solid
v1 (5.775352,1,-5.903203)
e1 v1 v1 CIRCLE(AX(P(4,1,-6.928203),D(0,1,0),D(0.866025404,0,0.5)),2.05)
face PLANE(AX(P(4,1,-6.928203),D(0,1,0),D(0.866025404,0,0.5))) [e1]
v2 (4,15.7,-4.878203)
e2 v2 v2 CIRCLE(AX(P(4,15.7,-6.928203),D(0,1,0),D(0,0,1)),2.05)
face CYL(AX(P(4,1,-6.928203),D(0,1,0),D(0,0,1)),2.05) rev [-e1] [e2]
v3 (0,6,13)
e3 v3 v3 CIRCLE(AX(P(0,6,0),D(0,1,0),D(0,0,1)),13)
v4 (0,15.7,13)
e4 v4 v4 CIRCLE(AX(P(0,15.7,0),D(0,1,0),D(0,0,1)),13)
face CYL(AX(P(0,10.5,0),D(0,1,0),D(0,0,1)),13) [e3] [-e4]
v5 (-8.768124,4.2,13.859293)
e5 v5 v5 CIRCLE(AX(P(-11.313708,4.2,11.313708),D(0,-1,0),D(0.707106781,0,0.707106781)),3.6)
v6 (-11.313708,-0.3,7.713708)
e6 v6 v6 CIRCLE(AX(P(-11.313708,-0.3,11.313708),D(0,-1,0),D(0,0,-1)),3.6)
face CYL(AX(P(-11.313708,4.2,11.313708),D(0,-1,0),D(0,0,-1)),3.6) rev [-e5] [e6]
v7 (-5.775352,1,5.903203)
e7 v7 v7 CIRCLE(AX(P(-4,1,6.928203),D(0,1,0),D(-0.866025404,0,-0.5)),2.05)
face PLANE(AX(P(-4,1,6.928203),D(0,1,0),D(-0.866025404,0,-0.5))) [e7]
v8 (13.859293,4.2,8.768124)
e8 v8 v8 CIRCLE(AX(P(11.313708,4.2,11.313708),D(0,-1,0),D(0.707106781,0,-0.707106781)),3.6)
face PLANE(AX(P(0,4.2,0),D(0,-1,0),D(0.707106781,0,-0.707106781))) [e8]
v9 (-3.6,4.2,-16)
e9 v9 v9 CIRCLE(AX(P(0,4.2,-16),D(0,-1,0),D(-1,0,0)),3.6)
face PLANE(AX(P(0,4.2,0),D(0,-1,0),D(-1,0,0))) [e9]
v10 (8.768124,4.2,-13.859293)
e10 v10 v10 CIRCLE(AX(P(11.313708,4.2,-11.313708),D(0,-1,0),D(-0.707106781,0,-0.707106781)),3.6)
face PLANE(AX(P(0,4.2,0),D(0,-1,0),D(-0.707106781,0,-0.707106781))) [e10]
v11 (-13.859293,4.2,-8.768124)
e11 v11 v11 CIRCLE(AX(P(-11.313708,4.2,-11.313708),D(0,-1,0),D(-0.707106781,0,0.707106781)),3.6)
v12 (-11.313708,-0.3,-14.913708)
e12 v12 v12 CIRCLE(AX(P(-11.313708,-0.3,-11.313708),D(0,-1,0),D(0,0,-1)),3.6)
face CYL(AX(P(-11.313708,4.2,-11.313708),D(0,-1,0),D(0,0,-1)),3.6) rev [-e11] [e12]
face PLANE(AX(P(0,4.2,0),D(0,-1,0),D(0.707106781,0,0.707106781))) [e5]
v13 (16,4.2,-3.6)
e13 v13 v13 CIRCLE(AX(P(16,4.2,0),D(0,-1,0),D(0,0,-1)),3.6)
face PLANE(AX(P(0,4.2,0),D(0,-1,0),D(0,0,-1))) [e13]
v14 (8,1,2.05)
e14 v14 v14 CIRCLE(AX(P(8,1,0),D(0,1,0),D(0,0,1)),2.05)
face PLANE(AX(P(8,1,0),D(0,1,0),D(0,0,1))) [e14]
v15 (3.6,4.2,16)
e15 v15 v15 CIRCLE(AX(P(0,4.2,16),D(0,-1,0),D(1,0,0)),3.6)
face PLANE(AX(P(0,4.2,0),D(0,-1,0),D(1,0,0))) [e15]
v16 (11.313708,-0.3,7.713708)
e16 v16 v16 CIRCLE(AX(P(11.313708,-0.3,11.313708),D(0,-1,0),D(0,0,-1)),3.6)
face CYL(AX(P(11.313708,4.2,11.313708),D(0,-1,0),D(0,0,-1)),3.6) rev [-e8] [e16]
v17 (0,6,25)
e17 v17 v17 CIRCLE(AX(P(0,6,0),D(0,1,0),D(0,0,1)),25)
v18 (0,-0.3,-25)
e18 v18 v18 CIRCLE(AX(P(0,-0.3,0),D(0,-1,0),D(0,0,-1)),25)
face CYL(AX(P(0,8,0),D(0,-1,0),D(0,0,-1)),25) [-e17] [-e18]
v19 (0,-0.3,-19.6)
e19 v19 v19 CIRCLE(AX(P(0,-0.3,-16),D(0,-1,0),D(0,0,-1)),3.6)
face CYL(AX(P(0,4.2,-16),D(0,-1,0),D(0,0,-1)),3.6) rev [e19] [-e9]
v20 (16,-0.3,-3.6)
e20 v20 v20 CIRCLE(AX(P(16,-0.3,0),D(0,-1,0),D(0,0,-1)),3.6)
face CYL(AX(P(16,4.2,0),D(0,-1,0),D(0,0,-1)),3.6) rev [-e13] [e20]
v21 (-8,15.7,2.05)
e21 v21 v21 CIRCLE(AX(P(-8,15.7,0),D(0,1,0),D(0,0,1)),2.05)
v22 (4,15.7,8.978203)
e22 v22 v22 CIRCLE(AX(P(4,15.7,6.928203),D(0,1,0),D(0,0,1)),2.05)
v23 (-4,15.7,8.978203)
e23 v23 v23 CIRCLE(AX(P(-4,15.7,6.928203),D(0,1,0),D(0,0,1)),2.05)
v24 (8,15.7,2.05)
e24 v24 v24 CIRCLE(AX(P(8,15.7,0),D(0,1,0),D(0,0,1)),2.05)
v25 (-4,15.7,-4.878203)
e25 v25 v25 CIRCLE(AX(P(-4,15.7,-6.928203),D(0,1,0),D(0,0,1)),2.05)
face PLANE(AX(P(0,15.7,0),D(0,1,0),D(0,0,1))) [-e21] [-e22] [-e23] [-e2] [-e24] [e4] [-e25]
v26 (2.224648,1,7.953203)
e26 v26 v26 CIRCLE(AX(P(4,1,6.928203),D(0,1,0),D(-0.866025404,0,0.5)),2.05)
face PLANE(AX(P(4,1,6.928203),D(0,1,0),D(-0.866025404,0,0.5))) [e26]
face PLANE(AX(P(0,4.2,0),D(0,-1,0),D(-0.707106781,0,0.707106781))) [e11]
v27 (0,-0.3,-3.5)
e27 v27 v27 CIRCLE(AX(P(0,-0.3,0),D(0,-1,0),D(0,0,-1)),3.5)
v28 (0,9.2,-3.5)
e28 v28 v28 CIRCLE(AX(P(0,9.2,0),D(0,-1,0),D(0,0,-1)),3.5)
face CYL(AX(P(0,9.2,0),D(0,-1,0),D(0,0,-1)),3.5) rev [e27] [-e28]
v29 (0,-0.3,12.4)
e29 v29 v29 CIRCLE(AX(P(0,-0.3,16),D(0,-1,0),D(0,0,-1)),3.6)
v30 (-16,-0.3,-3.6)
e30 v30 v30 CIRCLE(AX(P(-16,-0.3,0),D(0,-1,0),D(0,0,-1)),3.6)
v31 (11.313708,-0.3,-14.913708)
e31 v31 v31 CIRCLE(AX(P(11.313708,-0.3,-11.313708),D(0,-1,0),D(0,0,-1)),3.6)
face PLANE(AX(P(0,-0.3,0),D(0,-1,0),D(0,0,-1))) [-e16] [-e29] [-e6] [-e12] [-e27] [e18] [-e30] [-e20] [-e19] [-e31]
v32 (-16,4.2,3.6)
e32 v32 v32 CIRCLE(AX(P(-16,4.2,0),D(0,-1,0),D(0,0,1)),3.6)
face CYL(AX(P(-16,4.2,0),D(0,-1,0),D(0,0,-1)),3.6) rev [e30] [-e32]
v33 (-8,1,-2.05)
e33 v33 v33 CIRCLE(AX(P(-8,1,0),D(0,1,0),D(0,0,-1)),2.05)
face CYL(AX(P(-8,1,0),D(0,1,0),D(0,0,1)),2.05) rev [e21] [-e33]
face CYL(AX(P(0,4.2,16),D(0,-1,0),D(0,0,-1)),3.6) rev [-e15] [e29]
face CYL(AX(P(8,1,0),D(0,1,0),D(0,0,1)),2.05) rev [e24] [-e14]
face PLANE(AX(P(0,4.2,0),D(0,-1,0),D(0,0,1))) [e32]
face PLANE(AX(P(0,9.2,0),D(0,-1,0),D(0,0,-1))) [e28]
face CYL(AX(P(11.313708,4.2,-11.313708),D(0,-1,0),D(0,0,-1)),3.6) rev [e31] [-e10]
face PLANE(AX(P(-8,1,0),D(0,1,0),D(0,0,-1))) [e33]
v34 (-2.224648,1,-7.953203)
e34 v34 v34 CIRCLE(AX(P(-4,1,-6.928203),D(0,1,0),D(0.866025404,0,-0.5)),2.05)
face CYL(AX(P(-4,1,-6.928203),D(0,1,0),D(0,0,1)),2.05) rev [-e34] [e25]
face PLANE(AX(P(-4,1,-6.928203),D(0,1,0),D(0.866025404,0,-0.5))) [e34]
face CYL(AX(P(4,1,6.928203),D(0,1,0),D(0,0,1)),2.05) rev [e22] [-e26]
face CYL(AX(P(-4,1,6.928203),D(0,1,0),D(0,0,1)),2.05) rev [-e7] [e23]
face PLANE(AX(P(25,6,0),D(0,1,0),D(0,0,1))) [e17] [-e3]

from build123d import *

# Parameters (mm, degrees)
SKETCH1_R           = 25
BOSS_EXTRUDE1_DEPTH = 8
SKETCH2_R           = 2.05
CUT_EXTRUDE3_DEPTH  = 7
CIRPATTERN2_COUNT   = 6
SKETCH3_W           = 12
SKETCH3_H           = 2
SKETCH4_R           = 25
CUT_EXTRUDE4_DEPTH  = 0.2
BOSS_EXTRUDE2_START = 2.2
SKETCH5_R           = 13
SKETCH5_R_2         = 2.05
BOSS_EXTRUDE2_DEPTH = 2.2
SKETCH6_R           = 3.5
CUT_EXTRUDE5_DEPTH  = 9
BOSS_EXTRUDE4_START = 3
SKETCH8_R           = 13
SKETCH8_R_2         = 2.05
BOSS_EXTRUDE4_DEPTH = 3
SKETCH9_R           = 3.6
CUT_EXTRUDE6_DEPTH  = 4
CIRPATTERN3_COUNT   = 8
BOSS_EXTRUDE6_START = 0.5
SKETCH11_R          = 25
SKETCH11_R_2        = 3.6
SKETCH11_R_3        = 3.5
BOSS_EXTRUDE6_DEPTH = 0.5
BOSS_EXTRUDE7_START = 2.5
SKETCH12_R          = 13
SKETCH12_R_2        = 2.05
BOSS_EXTRUDE7_DEPTH = 2.5


with BuildPart() as part:
    # Sketch1 → Boss-Extrude1 (new body)
    with BuildSketch(Plane(origin=(0, 0, 0), x_dir=(1, 0, 0), z_dir=(0, 1, 0))):
        with Locations(Location((0, 0, 0), (0, 0, 270))):
            Circle(SKETCH1_R)
    extrude(amount=BOSS_EXTRUDE1_DEPTH)

    # Sketch2 → Cut-Extrude3 (cut)
    with BuildSketch(Plane(origin=(0, 8, 0), x_dir=(1, 0, 0), z_dir=(0, 1, 0))):
        with Locations(Location((8, 0, 0), (0, 0, 270))):
            Circle(SKETCH2_R)
    cut_extrude3 = extrude(amount=-CUT_EXTRUDE3_DEPTH, mode=Mode.SUBTRACT)

    # CirPattern2: Cut-Extrude3 ×6 about axis
    cirpattern2_axis = Axis((0, 0, 0), (0, 1, 0))
    for i in range(1, CIRPATTERN2_COUNT):
        add(cut_extrude3.rotate(cirpattern2_axis, i * 360 / CIRPATTERN2_COUNT), mode=Mode.SUBTRACT)

    # Sketch3 → Cut-Revolve1 (revolve, cut)
    with BuildSketch(Plane.XY, mode=Mode.PRIVATE) as cut_revolve1_sk:
        with Locations((19, 7)):
            Rectangle(SKETCH3_W, SKETCH3_H)
    revolve(cut_revolve1_sk.sketch.rotate(Axis((0, 10.5, 0), (0, -1, 0)), 90), axis=Axis((0, 10.5, 0), (0, -1, 0)), mode=Mode.SUBTRACT)

    # Sketch4 → Cut-Extrude4 (cut)
    with BuildSketch(Plane.XZ):
        with Locations(Location((0, 0, 0), (0, 0, 270))):
            Circle(SKETCH4_R)
    extrude(amount=-CUT_EXTRUDE4_DEPTH, mode=Mode.SUBTRACT)

    # Sketch5 → Boss-Extrude2 (add)
    with BuildSketch(Plane(origin=(0, 8, 0), x_dir=(1, 0, 0), z_dir=(0, 1, 0)).offset(BOSS_EXTRUDE2_START)):
        with Locations(Location((0, 0, 0), (0, 0, 270))):
            Circle(SKETCH5_R)
        with Locations(Location((4, 6.92820323, 0), (0, 0, 270))):
            Circle(SKETCH5_R_2, mode=Mode.SUBTRACT)
        with Locations(Location((8, 0, 0), (0, 0, 270))):
            Circle(SKETCH5_R_2, mode=Mode.SUBTRACT)
        with Locations(Location((4, -6.92820323, 0), (0, 0, 270))):
            Circle(SKETCH5_R_2, mode=Mode.SUBTRACT)
        with Locations(Location((-4, -6.92820323, 0), (0, 0, 270))):
            Circle(SKETCH5_R_2, mode=Mode.SUBTRACT)
        with Locations(Location((-8, 0, 0), (0, 0, 270))):
            Circle(SKETCH5_R_2, mode=Mode.SUBTRACT)
        with Locations(Location((-4, 6.92820323, 0), (0, 0, 270))):
            Circle(SKETCH5_R_2, mode=Mode.SUBTRACT)
    extrude(amount=-BOSS_EXTRUDE2_DEPTH)

    # Sketch6 → Cut-Extrude5 (cut)
    with BuildSketch(Plane.XZ.offset(-0.2)):
        with Locations(Location((0, 0, 0), (0, 0, 270))):
            Circle(SKETCH6_R)
    extrude(amount=-CUT_EXTRUDE5_DEPTH, mode=Mode.SUBTRACT)

    # Sketch8 → Boss-Extrude4 (add)
    with BuildSketch(Plane(origin=(0, 10.2, 0), x_dir=(1, 0, 0), z_dir=(0, 1, 0)).offset(BOSS_EXTRUDE4_START)):
        with Locations(Location((0, 0, 0), (0, 0, 270))):
            Circle(SKETCH8_R)
        with Locations(Location((4, -6.92820323, 0), (0, 0, 270))):
            Circle(SKETCH8_R_2, mode=Mode.SUBTRACT)
        with Locations(Location((-4, -6.92820323, 0), (0, 0, 270))):
            Circle(SKETCH8_R_2, mode=Mode.SUBTRACT)
        with Locations(Location((-4, 6.92820323, 0), (0, 0, 270))):
            Circle(SKETCH8_R_2, mode=Mode.SUBTRACT)
        with Locations(Location((8, 0, 0), (0, 0, 270))):
            Circle(SKETCH8_R_2, mode=Mode.SUBTRACT)
        with Locations(Location((4, 6.92820323, 0), (0, 0, 270))):
            Circle(SKETCH8_R_2, mode=Mode.SUBTRACT)
        with Locations(Location((-8, 0, 0), (0, 0, 270))):
            Circle(SKETCH8_R_2, mode=Mode.SUBTRACT)
    extrude(amount=-BOSS_EXTRUDE4_DEPTH)

    # Sketch9 → Cut-Extrude6 (cut)
    with BuildSketch(Plane.XZ.offset(-0.2)):
        with Locations(Location((16, 0, 0), (0, 0, 270))):
            Circle(SKETCH9_R)
    cut_extrude6 = extrude(amount=-CUT_EXTRUDE6_DEPTH, mode=Mode.SUBTRACT)

    # CirPattern3: Cut-Extrude6 ×8 about axis
    cirpattern3_axis = Axis((0, 0, 0), (0, 1, 0))
    for i in range(1, CIRPATTERN3_COUNT):
        add(cut_extrude6.rotate(cirpattern3_axis, i * 360 / CIRPATTERN3_COUNT), mode=Mode.SUBTRACT)

    # Sketch11 → Boss-Extrude6 (add)
    with BuildSketch(Plane.XZ.offset(-0.2).offset(BOSS_EXTRUDE6_START)):
        with Locations(Location((0, 0, 0), (0, 0, 270))):
            Circle(SKETCH11_R)
        with Locations(Location((-16, 0, 0), (0, 0, 270))):
            Circle(SKETCH11_R_2, mode=Mode.SUBTRACT)
        with Locations(Location((-11.313708499, -11.313708499, 0), (0, 0, 270))):
            Circle(SKETCH11_R_2, mode=Mode.SUBTRACT)
        with Locations(Location((0, -16, 0), (0, 0, 270))):
            Circle(SKETCH11_R_2, mode=Mode.SUBTRACT)
        with Locations(Location((11.313708499, -11.313708499, 0), (0, 0, 270))):
            Circle(SKETCH11_R_2, mode=Mode.SUBTRACT)
        with Locations(Location((0, 0, 0), (0, 0, 270))):
            Circle(SKETCH11_R_3, mode=Mode.SUBTRACT)
        with Locations(Location((16, 0, 0), (0, 0, 270))):
            Circle(SKETCH11_R_2, mode=Mode.SUBTRACT)
        with Locations(Location((11.313708499, 11.313708499, 0), (0, 0, 270))):
            Circle(SKETCH11_R_2, mode=Mode.SUBTRACT)
        with Locations(Location((0, 16, 0), (0, 0, 270))):
            Circle(SKETCH11_R_2, mode=Mode.SUBTRACT)
        with Locations(Location((-11.313708499, 11.313708499, 0), (0, 0, 270))):
            Circle(SKETCH11_R_2, mode=Mode.SUBTRACT)
    extrude(amount=-BOSS_EXTRUDE6_DEPTH)

    # Sketch12 → Boss-Extrude7 (add)
    with BuildSketch(Plane(origin=(0, 13.2, 0), x_dir=(1, 0, 0), z_dir=(0, 1, 0)).offset(BOSS_EXTRUDE7_START)):
        with Locations(Location((0, 0, 0), (0, 0, 270))):
            Circle(SKETCH12_R)
        with Locations(Location((4, 6.92820323, 0), (0, 0, 270))):
            Circle(SKETCH12_R_2, mode=Mode.SUBTRACT)
        with Locations(Location((8, 0, 0), (0, 0, 270))):
            Circle(SKETCH12_R_2, mode=Mode.SUBTRACT)
        with Locations(Location((4, -6.92820323, 0), (0, 0, 270))):
            Circle(SKETCH12_R_2, mode=Mode.SUBTRACT)
        with Locations(Location((-4, -6.92820323, 0), (0, 0, 270))):
            Circle(SKETCH12_R_2, mode=Mode.SUBTRACT)
        with Locations(Location((-8, 0, 0), (0, 0, 270))):
            Circle(SKETCH12_R_2, mode=Mode.SUBTRACT)
        with Locations(Location((-4, 6.92820323, 0), (0, 0, 270))):
            Circle(SKETCH12_R_2, mode=Mode.SUBTRACT)
    extrude(amount=-BOSS_EXTRUDE7_DEPTH)


solid = part.part
